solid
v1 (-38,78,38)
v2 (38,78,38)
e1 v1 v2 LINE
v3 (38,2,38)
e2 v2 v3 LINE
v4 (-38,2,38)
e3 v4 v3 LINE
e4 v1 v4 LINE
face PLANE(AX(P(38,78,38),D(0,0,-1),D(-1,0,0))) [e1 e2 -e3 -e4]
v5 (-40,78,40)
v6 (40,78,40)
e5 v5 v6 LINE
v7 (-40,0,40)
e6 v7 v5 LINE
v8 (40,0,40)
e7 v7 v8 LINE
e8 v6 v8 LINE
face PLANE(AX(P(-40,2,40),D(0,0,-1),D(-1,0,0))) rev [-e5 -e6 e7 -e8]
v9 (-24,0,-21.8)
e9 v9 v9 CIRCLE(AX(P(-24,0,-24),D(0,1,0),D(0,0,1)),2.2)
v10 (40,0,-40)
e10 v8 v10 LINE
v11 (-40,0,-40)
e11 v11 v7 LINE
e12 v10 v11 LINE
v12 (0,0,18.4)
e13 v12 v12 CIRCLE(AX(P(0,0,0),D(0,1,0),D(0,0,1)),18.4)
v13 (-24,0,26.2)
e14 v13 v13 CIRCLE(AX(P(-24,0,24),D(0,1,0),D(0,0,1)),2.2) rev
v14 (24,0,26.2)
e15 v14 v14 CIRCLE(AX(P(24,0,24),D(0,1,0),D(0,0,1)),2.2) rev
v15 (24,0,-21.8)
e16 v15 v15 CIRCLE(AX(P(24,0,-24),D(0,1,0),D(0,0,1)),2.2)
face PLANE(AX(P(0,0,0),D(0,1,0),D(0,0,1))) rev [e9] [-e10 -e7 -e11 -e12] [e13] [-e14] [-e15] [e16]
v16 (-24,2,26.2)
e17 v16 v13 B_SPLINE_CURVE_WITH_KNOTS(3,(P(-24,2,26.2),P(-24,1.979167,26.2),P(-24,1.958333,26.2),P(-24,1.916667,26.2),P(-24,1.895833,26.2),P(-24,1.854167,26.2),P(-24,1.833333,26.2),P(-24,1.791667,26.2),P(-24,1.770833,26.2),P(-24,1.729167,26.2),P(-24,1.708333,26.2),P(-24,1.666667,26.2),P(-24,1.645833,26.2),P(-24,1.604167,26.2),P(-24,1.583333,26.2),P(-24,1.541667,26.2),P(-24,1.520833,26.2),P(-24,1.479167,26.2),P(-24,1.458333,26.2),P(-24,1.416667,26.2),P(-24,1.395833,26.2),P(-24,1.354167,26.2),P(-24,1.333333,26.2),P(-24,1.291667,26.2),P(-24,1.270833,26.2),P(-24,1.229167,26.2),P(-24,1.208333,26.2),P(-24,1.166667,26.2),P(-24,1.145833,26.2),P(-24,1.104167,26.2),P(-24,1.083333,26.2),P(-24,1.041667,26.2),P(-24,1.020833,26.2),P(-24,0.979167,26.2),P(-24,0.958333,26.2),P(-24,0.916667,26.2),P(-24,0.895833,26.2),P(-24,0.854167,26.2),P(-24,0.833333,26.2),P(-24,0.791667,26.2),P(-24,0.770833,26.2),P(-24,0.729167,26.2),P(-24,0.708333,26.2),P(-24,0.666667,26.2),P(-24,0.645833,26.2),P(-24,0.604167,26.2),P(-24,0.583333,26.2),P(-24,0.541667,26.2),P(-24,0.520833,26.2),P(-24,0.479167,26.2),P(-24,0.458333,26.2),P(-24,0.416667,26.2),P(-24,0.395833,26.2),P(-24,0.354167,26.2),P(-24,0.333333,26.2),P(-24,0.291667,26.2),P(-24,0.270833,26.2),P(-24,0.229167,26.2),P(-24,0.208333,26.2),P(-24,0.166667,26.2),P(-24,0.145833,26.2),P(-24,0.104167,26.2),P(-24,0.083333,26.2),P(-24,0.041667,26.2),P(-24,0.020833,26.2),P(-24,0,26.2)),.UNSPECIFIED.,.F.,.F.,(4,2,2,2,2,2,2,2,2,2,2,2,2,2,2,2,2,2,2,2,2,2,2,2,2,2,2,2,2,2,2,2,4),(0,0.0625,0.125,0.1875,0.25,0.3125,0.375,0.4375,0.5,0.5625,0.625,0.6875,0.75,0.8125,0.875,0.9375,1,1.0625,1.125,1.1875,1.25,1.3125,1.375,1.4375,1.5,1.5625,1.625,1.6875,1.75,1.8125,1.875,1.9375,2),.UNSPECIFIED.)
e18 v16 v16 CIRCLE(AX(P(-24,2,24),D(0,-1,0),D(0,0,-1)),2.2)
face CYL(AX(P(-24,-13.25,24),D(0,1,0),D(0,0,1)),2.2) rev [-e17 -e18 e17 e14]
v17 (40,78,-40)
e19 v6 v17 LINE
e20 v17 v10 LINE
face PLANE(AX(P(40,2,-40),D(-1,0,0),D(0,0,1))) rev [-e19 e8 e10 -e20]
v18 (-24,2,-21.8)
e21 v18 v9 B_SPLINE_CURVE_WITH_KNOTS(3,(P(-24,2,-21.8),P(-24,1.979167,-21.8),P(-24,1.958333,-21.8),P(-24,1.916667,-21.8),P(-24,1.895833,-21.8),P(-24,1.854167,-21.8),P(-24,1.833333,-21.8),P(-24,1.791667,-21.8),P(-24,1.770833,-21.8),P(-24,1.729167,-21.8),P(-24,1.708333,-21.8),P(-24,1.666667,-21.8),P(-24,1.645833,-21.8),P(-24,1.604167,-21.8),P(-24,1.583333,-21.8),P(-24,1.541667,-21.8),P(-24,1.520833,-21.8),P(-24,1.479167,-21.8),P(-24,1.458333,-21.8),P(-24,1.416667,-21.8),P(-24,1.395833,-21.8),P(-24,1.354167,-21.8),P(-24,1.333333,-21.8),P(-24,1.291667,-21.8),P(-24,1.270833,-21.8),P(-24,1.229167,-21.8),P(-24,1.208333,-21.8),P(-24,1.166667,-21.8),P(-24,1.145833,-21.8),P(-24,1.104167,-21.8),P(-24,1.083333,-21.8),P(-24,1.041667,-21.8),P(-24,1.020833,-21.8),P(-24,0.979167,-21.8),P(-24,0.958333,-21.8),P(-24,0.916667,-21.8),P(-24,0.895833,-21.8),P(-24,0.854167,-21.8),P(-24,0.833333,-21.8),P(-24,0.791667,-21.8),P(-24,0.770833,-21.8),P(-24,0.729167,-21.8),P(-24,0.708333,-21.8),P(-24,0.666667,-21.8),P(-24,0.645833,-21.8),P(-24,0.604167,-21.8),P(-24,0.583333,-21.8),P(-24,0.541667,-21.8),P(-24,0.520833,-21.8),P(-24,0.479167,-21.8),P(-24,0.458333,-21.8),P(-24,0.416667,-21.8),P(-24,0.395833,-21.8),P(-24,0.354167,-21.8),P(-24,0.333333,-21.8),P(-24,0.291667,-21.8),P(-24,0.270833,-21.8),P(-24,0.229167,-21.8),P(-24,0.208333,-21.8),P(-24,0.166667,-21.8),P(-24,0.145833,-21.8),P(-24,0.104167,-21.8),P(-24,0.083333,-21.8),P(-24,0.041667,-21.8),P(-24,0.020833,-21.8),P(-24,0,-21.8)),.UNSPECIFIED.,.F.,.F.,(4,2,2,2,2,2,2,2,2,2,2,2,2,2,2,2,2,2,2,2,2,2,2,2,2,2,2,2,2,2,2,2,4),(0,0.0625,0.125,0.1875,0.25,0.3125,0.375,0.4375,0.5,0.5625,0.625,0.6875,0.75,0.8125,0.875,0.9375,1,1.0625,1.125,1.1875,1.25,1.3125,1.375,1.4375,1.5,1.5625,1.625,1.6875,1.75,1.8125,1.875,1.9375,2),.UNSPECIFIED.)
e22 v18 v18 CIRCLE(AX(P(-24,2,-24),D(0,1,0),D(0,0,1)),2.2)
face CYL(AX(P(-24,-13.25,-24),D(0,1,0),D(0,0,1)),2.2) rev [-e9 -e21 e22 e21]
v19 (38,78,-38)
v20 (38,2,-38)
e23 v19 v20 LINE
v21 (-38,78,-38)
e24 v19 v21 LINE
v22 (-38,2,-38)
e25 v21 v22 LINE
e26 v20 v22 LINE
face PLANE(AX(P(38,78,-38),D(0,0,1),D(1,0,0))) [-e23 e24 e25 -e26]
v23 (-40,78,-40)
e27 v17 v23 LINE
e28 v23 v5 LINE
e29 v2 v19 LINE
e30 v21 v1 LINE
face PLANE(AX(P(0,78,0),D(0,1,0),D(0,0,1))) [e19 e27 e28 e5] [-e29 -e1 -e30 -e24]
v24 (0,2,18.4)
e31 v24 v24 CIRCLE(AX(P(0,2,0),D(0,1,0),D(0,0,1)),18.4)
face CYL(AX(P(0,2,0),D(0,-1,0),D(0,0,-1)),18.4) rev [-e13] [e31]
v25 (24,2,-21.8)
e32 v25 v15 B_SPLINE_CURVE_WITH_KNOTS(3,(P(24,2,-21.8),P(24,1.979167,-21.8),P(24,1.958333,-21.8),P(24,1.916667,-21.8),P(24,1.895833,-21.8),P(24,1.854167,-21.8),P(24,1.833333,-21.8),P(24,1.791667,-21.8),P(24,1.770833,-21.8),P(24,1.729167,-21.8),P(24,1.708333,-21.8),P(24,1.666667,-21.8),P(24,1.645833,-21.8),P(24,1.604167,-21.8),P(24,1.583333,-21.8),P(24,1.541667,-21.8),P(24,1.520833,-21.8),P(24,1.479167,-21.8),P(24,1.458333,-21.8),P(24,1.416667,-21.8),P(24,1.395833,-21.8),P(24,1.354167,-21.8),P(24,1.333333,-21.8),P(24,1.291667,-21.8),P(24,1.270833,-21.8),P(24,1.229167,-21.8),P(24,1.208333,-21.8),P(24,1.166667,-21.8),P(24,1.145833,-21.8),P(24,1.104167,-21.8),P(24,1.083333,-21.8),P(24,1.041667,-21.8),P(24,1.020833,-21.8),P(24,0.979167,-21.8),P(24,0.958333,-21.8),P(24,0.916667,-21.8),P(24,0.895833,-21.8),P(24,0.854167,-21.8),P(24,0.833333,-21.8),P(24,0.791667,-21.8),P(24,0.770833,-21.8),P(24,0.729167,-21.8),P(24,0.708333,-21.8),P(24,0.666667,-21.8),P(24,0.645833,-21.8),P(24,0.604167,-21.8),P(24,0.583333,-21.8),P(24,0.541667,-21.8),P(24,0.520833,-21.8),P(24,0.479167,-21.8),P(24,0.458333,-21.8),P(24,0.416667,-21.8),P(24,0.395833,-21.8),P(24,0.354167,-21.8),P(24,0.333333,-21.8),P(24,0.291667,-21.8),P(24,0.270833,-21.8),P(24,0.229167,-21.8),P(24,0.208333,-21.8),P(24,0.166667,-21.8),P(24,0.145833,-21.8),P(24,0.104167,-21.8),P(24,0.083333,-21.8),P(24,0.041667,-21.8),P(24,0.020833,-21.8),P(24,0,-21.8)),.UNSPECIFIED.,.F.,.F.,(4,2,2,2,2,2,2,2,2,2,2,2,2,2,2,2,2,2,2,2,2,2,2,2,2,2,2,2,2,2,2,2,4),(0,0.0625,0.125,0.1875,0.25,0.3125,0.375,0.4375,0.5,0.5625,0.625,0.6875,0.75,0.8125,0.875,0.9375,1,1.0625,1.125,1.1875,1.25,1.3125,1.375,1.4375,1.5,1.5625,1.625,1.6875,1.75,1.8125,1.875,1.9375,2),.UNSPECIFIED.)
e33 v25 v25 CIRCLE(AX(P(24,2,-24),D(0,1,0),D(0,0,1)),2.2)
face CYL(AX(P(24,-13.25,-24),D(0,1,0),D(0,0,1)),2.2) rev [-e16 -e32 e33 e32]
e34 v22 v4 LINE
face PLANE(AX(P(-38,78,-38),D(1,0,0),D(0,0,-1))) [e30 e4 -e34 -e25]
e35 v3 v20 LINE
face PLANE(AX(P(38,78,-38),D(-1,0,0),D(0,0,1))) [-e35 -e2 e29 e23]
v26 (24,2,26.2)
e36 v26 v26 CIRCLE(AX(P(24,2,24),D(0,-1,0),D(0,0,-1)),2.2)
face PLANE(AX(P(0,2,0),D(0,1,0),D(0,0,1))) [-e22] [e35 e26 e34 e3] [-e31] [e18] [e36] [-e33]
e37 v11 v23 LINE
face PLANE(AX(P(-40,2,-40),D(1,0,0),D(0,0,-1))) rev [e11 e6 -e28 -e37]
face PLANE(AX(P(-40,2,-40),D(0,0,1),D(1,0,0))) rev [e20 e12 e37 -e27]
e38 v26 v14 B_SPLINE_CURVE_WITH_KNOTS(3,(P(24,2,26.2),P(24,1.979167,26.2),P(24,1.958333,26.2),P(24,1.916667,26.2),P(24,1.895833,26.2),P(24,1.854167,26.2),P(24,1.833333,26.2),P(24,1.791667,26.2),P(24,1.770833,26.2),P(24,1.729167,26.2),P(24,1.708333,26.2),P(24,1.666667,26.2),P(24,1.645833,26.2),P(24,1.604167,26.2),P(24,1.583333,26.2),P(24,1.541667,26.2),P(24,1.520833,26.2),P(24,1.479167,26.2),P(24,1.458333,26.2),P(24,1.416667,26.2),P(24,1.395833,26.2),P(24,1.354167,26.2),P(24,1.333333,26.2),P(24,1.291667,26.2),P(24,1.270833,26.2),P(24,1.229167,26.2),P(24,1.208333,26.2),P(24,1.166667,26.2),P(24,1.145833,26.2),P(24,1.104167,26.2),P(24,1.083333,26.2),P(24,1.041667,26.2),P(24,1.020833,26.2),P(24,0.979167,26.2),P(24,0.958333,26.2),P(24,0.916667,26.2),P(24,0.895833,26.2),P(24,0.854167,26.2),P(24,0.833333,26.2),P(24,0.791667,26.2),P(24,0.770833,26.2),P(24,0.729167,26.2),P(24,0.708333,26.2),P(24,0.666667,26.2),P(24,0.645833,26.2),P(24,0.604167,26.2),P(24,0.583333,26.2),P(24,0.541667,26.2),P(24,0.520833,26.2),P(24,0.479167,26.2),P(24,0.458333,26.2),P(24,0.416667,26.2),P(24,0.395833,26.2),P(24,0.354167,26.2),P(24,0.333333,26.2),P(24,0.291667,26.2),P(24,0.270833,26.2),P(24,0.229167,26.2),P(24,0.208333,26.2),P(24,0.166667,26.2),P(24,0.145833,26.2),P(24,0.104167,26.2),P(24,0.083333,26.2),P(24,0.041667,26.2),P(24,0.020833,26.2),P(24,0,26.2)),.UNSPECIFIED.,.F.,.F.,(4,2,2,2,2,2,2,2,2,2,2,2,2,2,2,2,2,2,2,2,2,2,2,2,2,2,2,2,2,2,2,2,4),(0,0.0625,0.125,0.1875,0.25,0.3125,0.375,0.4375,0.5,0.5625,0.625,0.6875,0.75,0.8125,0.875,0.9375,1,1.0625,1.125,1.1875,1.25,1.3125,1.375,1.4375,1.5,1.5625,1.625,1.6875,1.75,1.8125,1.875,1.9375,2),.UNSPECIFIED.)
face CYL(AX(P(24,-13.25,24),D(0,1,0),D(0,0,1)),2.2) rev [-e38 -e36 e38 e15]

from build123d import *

# Parameters (mm, degrees)
SKETCH1_W               = 80
SKETCH1_H               = 80
SKETCH1_R               = 18.4
BOSS_EXTRUDE1_DEPTH     = 2
SKETCH2_W               = 4
SKETCH2_H               = 18.5
BOSS_EXTRUDE2_DEPTH     = 15.25
SKETCH3_R               = 2.2
CUT_EXTRUDE1_DEPTH      = 94.976393312
MIRROR2_COPY_1_SKETCH_W = 4
MIRROR2_COPY_1_SKETCH_H = 18.5
MIRROR2_COPY_1_DEPTH    = 15.25
MIRROR2_COPY_2_SKETCH_R = 2.2
MIRROR2_COPY_2_DEPTH    = 94.976393312
SKETCH4_R               = 2.2
CUT_EXTRUDE2_DEPTH      = 62.388618652
SKETCH5_W               = 4
SKETCH5_H               = 15.25
CUT_EXTRUDE3_DEPTH      = 93.258129723
SKETCH6_W               = 80
SKETCH6_H               = 80
SKETCH6_W_2             = 76
SKETCH6_H_2             = 76
BOSS_EXTRUDE3_DEPTH     = 76


with BuildPart() as part:
    # Sketch1 → Boss-Extrude1 (new body)
    with BuildSketch(Plane(origin=(0, 0, 0), x_dir=(1, 0, 0), z_dir=(0, 1, 0))):
        Rectangle(SKETCH1_W, SKETCH1_H)
        with Locations(Location((0, 0, 0), (0, 0, 270))):
            Circle(SKETCH1_R, mode=Mode.SUBTRACT)
    extrude(amount=BOSS_EXTRUDE1_DEPTH)

    # Sketch2 → Boss-Extrude2 (add)
    with BuildSketch(Plane(origin=(0, 2, 0), x_dir=(1, 0, 0), z_dir=(0, 1, 0))):
        with Locations((42, -30.75)):
            Rectangle(SKETCH2_W, SKETCH2_H)
    boss_extrude2 = extrude(amount=-BOSS_EXTRUDE2_DEPTH)

    # Sketch3 → Cut-Extrude1 (cut, through all)
    with BuildSketch(Plane(origin=(44, 0, 0), x_dir=(0, 0, -1), z_dir=(1, 0, 0))):
        with Locations((-30.75, -8.125)):
            Circle(SKETCH3_R)
    cut_extrude1 = extrude(amount=-CUT_EXTRUDE1_DEPTH, mode=Mode.SUBTRACT)

    # Mirror1: Boss-Extrude2, Cut-Extrude1 across plane
    add(boss_extrude2.mirror(Plane(origin=(0, 0, 0), x_dir=(0, 0, 1), z_dir=(1, 0, 0))))
    add(cut_extrude1.mirror(Plane(origin=(0, 0, 0), x_dir=(0, 0, 1), z_dir=(1, 0, 0))), mode=Mode.SUBTRACT)

    # Mirror2: Boss-Extrude2, Cut-Extrude1 across plane
    add(boss_extrude2.mirror(Plane(origin=(0, 0, 0), x_dir=(1, 0, 0), z_dir=(0, 0, -1))))
    add(cut_extrude1.mirror(Plane(origin=(0, 0, 0), x_dir=(1, 0, 0), z_dir=(0, 0, -1))), mode=Mode.SUBTRACT)

    # Mirror2 copy 1 sketch → Mirror2 copy 1 (add)
    with BuildSketch(Plane(origin=(0, 2, 0), x_dir=(-1, 0, 0), z_dir=(0, 1, 0))):
        with Locations((42, -30.75)):
            Rectangle(MIRROR2_COPY_1_SKETCH_W, MIRROR2_COPY_1_SKETCH_H)
    extrude(amount=-MIRROR2_COPY_1_DEPTH)

    # Mirror2 copy 2 sketch → Mirror2 copy 2 (cut, through all)
    with BuildSketch(Plane.ZY.offset(44)):
        with Locations((-30.75, -8.125)):
            Circle(MIRROR2_COPY_2_SKETCH_R)
    extrude(amount=-MIRROR2_COPY_2_DEPTH, mode=Mode.SUBTRACT)

    # Sketch4 → Cut-Extrude2 (cut, through all)
    with BuildSketch(Plane(origin=(0, 2, 0), x_dir=(1, 0, 0), z_dir=(0, 1, 0))):
        with Locations(Location((-24, 24, 0), (0, 0, 270))):
            Circle(SKETCH4_R)
        with Locations(Location((24, 24, 0), (0, 0, 270))):
            Circle(SKETCH4_R)
    cut_extrude2 = extrude(amount=-CUT_EXTRUDE2_DEPTH, mode=Mode.SUBTRACT)

    # Mirror3: Cut-Extrude2 across plane
    add(cut_extrude2.mirror(Plane(origin=(0, 0, 0), x_dir=(1, 0, 0), z_dir=(0, 0, -1))), mode=Mode.SUBTRACT)

    # Sketch5 → Cut-Extrude3 (cut, through all)
    with BuildSketch(Plane.XY.offset(40)):
        with Locations((-42, -5.625)):
            Rectangle(SKETCH5_W, SKETCH5_H)
        with Locations((42, -5.625)):
            Rectangle(SKETCH5_W, SKETCH5_H)
    extrude(amount=-CUT_EXTRUDE3_DEPTH, mode=Mode.SUBTRACT)

    # Sketch6 → Boss-Extrude3 (add)
    with BuildSketch(Plane(origin=(0, 2, 0), x_dir=(1, 0, 0), z_dir=(0, 1, 0))):
        Rectangle(SKETCH6_W, SKETCH6_H)
        Rectangle(SKETCH6_W_2, SKETCH6_H_2, mode=Mode.SUBTRACT)
    extrude(amount=BOSS_EXTRUDE3_DEPTH)


solid = part.part
